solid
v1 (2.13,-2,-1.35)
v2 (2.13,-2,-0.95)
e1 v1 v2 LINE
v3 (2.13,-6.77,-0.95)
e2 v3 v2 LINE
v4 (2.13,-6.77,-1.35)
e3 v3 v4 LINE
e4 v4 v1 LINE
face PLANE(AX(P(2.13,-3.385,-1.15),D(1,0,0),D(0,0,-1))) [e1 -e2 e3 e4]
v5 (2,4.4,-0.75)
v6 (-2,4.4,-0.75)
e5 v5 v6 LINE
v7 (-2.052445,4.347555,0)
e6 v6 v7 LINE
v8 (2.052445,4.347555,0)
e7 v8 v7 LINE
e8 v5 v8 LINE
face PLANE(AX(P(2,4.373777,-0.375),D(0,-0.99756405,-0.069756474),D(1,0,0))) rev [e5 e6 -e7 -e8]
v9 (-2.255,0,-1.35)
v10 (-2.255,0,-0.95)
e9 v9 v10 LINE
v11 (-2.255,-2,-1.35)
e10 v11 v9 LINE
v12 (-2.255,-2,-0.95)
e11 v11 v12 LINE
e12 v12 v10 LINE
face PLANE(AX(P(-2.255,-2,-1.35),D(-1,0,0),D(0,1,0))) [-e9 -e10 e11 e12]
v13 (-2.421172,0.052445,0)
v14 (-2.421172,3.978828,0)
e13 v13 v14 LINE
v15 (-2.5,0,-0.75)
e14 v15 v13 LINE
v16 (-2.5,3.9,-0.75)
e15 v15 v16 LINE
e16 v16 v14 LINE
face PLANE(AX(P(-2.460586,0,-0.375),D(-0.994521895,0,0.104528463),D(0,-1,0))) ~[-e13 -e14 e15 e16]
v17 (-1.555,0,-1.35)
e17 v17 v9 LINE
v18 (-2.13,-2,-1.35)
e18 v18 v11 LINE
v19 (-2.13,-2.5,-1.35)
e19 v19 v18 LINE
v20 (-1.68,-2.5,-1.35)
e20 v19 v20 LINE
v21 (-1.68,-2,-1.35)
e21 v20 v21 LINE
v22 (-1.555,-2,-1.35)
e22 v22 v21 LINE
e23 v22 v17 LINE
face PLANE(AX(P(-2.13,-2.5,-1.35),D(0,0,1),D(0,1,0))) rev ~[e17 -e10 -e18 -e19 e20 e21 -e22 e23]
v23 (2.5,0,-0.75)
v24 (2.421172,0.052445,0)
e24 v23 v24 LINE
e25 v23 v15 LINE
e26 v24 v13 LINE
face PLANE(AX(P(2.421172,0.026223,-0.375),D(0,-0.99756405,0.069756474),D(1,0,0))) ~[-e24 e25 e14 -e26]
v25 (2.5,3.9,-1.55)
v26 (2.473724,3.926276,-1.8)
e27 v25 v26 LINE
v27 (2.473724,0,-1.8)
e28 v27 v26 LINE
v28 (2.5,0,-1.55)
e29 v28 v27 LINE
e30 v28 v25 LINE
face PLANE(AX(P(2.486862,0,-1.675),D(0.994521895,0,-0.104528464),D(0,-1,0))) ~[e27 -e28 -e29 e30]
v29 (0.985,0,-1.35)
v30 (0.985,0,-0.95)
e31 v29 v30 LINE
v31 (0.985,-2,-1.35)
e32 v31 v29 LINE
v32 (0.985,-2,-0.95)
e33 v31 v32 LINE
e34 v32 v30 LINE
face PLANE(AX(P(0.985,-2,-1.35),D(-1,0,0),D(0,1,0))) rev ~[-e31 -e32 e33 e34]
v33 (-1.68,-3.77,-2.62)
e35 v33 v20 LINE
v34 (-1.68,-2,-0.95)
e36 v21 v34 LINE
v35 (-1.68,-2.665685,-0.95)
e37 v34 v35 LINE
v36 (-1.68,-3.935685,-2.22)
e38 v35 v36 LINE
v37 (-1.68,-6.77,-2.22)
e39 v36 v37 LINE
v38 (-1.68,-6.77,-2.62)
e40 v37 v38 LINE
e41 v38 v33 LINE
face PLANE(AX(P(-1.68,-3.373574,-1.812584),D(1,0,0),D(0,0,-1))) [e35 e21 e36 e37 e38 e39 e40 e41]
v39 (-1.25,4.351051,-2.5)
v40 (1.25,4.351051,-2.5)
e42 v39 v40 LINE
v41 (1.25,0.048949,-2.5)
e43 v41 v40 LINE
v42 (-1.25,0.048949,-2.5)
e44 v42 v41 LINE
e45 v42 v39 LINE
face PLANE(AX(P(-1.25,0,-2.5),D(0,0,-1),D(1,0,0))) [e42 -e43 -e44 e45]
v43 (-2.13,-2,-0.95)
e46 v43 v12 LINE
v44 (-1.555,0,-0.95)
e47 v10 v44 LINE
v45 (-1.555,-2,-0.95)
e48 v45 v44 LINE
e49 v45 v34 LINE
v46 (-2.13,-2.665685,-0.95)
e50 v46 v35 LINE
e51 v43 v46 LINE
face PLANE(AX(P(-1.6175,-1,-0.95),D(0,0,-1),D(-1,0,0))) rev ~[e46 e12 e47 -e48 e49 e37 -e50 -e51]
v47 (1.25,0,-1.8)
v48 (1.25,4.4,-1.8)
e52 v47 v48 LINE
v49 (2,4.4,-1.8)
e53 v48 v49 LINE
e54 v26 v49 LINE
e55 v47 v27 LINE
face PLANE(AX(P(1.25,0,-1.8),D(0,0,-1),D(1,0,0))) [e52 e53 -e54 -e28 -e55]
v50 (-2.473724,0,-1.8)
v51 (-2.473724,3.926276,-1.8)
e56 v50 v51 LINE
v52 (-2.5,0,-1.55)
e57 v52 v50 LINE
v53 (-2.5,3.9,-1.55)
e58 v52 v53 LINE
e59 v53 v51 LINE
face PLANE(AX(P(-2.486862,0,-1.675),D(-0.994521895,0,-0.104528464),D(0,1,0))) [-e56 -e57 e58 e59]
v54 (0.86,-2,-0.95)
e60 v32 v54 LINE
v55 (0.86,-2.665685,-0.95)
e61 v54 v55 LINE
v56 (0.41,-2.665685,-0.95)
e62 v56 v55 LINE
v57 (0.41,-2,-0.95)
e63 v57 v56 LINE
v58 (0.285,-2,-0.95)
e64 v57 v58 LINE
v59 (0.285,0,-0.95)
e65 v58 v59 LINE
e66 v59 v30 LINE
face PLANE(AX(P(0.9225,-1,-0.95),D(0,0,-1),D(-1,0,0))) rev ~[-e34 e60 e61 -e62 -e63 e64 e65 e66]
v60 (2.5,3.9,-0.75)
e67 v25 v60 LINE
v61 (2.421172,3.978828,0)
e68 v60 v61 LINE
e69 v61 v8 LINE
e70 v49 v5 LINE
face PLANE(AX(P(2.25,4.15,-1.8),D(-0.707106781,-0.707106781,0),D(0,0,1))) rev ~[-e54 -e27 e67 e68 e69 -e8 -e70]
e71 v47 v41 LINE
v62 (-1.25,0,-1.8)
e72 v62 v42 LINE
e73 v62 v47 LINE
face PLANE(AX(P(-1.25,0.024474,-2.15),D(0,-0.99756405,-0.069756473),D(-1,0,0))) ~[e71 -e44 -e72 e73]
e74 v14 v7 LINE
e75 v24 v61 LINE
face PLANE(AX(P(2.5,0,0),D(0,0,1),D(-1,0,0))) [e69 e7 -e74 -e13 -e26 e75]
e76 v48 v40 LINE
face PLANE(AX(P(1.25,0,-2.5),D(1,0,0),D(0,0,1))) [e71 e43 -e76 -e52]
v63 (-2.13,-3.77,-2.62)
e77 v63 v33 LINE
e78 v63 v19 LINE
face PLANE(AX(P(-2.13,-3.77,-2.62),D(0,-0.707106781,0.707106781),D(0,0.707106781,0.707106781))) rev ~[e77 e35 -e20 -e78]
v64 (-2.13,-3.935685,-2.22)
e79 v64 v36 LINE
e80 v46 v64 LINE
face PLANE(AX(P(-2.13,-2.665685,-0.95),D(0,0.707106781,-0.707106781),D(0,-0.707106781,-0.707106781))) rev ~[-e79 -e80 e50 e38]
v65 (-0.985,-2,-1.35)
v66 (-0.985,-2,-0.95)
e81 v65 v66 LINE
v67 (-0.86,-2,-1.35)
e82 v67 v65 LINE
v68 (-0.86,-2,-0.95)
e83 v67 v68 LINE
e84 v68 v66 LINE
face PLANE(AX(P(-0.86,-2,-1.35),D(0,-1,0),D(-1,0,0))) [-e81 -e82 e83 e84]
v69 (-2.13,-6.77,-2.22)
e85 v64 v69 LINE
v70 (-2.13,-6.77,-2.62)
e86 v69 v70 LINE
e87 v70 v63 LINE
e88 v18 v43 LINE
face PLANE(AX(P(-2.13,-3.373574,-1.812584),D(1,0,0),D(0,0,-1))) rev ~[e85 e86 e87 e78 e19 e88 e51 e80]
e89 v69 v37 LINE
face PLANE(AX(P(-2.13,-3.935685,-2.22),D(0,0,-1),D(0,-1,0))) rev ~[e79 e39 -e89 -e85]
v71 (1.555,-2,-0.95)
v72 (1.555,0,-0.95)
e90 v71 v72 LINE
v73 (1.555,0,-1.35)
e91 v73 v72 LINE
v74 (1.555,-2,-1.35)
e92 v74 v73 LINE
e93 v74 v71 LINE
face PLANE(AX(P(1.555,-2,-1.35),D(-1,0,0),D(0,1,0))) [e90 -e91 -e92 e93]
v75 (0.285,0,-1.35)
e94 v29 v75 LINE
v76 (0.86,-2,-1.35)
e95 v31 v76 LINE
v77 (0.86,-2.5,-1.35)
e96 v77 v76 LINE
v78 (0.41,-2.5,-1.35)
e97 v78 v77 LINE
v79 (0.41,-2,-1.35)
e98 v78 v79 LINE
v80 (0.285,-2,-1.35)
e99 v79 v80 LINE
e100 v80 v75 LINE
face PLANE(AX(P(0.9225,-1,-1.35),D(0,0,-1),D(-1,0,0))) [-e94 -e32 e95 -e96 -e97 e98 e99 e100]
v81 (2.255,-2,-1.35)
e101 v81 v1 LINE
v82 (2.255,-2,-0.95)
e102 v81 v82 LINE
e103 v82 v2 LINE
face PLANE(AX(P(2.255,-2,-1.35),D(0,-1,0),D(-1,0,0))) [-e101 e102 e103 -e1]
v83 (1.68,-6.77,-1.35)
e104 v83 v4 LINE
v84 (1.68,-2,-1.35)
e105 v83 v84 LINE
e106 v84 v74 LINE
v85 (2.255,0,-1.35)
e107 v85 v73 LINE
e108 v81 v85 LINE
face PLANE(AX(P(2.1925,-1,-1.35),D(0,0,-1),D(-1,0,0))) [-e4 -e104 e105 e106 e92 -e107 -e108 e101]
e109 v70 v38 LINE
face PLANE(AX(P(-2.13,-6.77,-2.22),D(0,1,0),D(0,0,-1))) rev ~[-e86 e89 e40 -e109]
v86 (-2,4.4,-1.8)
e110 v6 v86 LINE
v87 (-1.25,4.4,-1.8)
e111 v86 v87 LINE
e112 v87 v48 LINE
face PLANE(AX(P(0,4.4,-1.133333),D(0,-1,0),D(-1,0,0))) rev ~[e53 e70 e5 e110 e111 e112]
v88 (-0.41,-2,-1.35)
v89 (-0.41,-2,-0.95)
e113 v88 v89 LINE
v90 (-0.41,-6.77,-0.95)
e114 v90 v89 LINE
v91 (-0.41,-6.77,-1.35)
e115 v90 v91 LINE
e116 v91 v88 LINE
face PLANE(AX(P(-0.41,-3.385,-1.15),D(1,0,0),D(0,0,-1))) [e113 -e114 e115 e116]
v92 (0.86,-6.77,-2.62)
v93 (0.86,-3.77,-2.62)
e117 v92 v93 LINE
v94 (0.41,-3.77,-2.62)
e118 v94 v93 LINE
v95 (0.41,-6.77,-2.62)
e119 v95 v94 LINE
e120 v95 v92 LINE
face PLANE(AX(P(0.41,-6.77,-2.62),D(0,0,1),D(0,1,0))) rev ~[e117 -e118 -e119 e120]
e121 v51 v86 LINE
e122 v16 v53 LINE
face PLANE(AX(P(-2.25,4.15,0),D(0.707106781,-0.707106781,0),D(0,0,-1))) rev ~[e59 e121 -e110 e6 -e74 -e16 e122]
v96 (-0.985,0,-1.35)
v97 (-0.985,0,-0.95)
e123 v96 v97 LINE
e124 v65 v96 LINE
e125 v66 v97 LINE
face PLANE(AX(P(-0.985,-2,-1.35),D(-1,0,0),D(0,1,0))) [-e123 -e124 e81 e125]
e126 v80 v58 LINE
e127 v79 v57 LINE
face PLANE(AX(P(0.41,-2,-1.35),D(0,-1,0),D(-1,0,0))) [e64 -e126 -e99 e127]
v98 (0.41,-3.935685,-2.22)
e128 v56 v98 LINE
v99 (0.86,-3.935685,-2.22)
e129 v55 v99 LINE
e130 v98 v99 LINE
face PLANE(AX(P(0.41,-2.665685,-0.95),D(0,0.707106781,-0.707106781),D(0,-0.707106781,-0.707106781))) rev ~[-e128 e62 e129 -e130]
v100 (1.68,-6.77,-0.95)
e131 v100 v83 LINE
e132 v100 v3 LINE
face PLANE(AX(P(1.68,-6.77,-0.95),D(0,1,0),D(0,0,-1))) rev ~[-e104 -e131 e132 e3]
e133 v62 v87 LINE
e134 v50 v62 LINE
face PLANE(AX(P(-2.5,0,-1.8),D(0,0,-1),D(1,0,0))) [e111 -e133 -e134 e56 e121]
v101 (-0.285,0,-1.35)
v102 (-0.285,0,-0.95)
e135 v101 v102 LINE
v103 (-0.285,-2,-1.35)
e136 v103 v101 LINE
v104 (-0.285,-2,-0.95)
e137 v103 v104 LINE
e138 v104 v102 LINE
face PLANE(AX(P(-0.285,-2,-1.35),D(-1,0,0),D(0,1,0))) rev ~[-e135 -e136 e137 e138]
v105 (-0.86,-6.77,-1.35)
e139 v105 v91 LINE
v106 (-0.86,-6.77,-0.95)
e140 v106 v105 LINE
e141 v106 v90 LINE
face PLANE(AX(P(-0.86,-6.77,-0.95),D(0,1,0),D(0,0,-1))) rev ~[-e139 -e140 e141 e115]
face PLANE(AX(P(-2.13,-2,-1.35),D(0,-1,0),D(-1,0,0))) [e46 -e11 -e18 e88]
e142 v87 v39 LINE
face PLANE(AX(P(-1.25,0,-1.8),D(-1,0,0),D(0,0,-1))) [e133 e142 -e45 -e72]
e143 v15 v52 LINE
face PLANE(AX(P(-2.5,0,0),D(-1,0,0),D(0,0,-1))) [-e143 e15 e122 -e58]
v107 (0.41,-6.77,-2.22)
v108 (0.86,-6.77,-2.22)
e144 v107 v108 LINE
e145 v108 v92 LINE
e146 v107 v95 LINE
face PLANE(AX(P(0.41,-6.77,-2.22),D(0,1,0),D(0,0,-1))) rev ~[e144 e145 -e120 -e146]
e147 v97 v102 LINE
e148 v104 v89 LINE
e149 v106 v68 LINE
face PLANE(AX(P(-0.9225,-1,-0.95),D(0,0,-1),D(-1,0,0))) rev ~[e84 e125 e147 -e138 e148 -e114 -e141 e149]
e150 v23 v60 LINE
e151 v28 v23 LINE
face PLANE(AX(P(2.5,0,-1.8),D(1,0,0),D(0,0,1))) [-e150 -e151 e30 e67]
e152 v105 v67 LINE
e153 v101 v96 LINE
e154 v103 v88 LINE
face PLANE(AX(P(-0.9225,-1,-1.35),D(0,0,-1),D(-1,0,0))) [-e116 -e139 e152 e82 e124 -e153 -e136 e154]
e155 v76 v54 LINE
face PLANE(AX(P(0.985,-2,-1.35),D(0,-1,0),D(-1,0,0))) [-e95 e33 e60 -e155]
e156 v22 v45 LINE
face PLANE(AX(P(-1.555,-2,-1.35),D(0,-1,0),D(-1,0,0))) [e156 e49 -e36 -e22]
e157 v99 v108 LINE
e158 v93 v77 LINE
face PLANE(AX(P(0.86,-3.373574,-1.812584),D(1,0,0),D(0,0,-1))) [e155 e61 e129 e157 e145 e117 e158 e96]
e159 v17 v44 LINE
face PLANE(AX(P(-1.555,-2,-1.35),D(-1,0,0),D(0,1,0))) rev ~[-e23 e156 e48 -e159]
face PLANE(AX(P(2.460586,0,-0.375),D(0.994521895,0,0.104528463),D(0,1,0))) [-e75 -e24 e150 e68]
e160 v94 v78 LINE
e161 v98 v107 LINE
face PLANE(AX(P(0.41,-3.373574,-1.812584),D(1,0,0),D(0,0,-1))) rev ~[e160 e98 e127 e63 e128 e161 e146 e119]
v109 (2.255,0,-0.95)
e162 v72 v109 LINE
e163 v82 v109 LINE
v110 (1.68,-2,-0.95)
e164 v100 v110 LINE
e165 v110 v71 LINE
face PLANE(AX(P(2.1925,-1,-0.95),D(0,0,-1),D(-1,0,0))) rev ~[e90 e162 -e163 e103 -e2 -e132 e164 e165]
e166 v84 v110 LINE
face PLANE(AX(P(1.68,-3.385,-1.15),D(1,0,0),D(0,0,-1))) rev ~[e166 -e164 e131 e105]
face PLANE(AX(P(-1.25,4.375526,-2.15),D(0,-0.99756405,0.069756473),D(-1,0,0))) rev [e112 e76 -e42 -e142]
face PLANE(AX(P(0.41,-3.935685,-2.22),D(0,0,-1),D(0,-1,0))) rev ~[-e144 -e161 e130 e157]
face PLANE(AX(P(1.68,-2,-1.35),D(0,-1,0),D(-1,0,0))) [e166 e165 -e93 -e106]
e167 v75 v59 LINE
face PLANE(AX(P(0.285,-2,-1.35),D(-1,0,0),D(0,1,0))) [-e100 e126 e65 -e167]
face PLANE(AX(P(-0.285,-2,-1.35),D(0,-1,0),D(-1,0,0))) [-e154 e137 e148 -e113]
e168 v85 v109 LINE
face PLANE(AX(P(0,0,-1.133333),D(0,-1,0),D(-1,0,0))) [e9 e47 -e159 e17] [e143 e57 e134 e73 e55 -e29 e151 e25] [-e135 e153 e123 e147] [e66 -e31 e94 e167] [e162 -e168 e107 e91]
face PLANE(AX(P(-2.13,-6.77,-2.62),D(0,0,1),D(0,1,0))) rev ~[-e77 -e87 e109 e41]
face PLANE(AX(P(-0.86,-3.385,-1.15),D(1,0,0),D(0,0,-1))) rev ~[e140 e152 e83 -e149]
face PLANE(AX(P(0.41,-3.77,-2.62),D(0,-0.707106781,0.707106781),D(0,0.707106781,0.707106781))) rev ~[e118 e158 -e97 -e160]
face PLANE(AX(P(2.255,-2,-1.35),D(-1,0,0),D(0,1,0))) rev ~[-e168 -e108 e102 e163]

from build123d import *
from OCP.BRepFilletAPI import BRepFilletAPI_MakeChamfer

# Parameters (mm, degrees)
BOSS_EXTRUDE1_DEPTH = 4.4
CHAMFER5_SIZE       = 0.5
CHAMFER1_SIZE       = 0.25
CHAMFER1_SIZE2      = 0.026276059
CHAMFER2_SIZE       = 0.75
CHAMFER2_SIZE2      = 0.078828176
CHAMFER3_SIZE       = 0.75
CHAMFER3_SIZE2      = 0.052445109
CHAMFER4_SIZE       = 0.7
CHAMFER4_SIZE2      = 0.048948768
BOSS_EXTRUDE2_START = 0.41
BOSS_EXTRUDE2_DEPTH = 0.45
BOSS_EXTRUDE3_START = 1.68
SKETCH5_W           = 0.4
SKETCH5_H           = 6.77
BOSS_EXTRUDE3_DEPTH = 0.45
LPATTERN1_COUNT     = 2
LPATTERN1_PITCH     = 2.54
SKETCH6_W           = 0.125
SKETCH6_H           = 2
BOSS_EXTRUDE4_DEPTH = 0.4
LPATTERN2_COUNT     = 4
LPATTERN2_PITCH     = 1.27


with BuildPart() as part:
    # Sketch1 → Boss-Extrude1 (new body)
    with BuildSketch(Plane(origin=(0, 0, 0), x_dir=(1, 0, 0), z_dir=(0, 1, 0))):
        Polygon((-2.5, 0), (-2.5, 1.8), (-1.25, 1.8), (-1.25, 2.5), (1.25, 2.5), (1.25, 1.8), (2.5, 1.8), (2.5, 0), align=None)
    extrude(amount=BOSS_EXTRUDE1_DEPTH)

    # Chamfer5
    chamfer5_edges = [part.edges().sort_by_distance(p)[0] for p in [
        (-2.5, 4.4, -0.9),
        (2.5, 4.4, -0.9),
    ]]
    chamfer(chamfer5_edges, length=CHAMFER5_SIZE)

    # Chamfer1: one chamfer whose edges measure the first distance from different faces: ONE call of the kernel's chamfer builder (chamfer() names one face for all edges)
    chamfer1_edges_1 = [part.edges().sort_by_distance(p)[0] for p in [
        (2.5, 1.95, -1.8),
    ]]
    chamfer1_side_1 = [part.faces().sort_by_distance(p)[0] for p in [
        (2.5, 1.95, -0.9),
    ]]
    chamfer1_edges_2 = [part.edges().sort_by_distance(p)[0] for p in [
        (-2.5, 1.95, -1.8),
    ]]
    chamfer1_side_2 = [part.faces().sort_by_distance(p)[0] for p in [
        (-2.5, 1.95, -0.9),
    ]]
    chamfer1 = BRepFilletAPI_MakeChamfer(part.part.solid().wrapped)
    for e in chamfer1_edges_1:
        chamfer1.Add(CHAMFER1_SIZE, CHAMFER1_SIZE2, e.wrapped, chamfer1_side_1[0].wrapped)  # the first distance lies on this face
    for e in chamfer1_edges_2:
        chamfer1.Add(CHAMFER1_SIZE, CHAMFER1_SIZE2, e.wrapped, chamfer1_side_2[0].wrapped)  # the first distance lies on this face
    add(Compound.cast(chamfer1.Shape()), mode=Mode.REPLACE)

    # Chamfer2: one chamfer whose edges measure the first distance from different faces: ONE call of the kernel's chamfer builder (chamfer() names one face for all edges)
    chamfer2_edges_1 = [part.edges().sort_by_distance(p)[0] for p in [
        (2.5, 1.95, 0),
    ]]
    chamfer2_side_1 = [part.faces().sort_by_distance(p)[0] for p in [
        (2.5, 1.95, -0.775),
    ]]
    chamfer2_edges_2 = [part.edges().sort_by_distance(p)[0] for p in [
        (-2.5, 1.95, 0),
    ]]
    chamfer2_side_2 = [part.faces().sort_by_distance(p)[0] for p in [
        (-2.5, 1.95, -0.775),
    ]]
    chamfer2 = BRepFilletAPI_MakeChamfer(part.part.solid().wrapped)
    for e in chamfer2_edges_1:
        chamfer2.Add(CHAMFER2_SIZE, CHAMFER2_SIZE2, e.wrapped, chamfer2_side_1[0].wrapped)  # the first distance lies on this face
    for e in chamfer2_edges_2:
        chamfer2.Add(CHAMFER2_SIZE, CHAMFER2_SIZE2, e.wrapped, chamfer2_side_2[0].wrapped)  # the first distance lies on this face
    add(Compound.cast(chamfer2.Shape()), mode=Mode.REPLACE)

    # Chamfer3: one chamfer whose edges measure the first distance from different faces: ONE call of the kernel's chamfer builder (chamfer() names one face for all edges)
    chamfer3_edges_1 = [part.edges().sort_by_distance(p)[0] for p in [
        (0, 4.4, 0),
    ]]
    chamfer3_side_1 = [part.faces().sort_by_distance(p)[0] for p in [
        (0, 4.4, -1.144413408),
    ]]
    chamfer3_edges_2 = [part.edges().sort_by_distance(p)[0] for p in [
        (0, 0, 0),
    ]]
    chamfer3_side_2 = [part.faces().sort_by_distance(p)[0] for p in [
        (0, 0, -1.107834111),
    ]]
    chamfer3 = BRepFilletAPI_MakeChamfer(part.part.solid().wrapped)
    for e in chamfer3_edges_1:
        chamfer3.Add(CHAMFER3_SIZE, CHAMFER3_SIZE2, e.wrapped, chamfer3_side_1[0].wrapped)  # the first distance lies on this face
    for e in chamfer3_edges_2:
        chamfer3.Add(CHAMFER3_SIZE, CHAMFER3_SIZE2, e.wrapped, chamfer3_side_2[0].wrapped)  # the first distance lies on this face
    add(Compound.cast(chamfer3.Shape()), mode=Mode.REPLACE)

    # Chamfer4: one chamfer whose edges measure the first distance from different faces: ONE call of the kernel's chamfer builder (chamfer() names one face for all edges)
    chamfer4_edges_1 = [part.edges().sort_by_distance(p)[0] for p in [
        (0, 0, -2.5),
    ]]
    chamfer4_side_1 = [part.faces().sort_by_distance(p)[0] for p in [
        (0, 0, -1.493540612),
    ]]
    chamfer4_edges_2 = [part.edges().sort_by_distance(p)[0] for p in [
        (0, 4.4, -2.5),
    ]]
    chamfer4_side_2 = [part.faces().sort_by_distance(p)[0] for p in [
        (0, 4.4, -1.532352941),
    ]]
    chamfer4 = BRepFilletAPI_MakeChamfer(part.part.solid().wrapped)
    for e in chamfer4_edges_1:
        chamfer4.Add(CHAMFER4_SIZE, CHAMFER4_SIZE2, e.wrapped, chamfer4_side_1[0].wrapped)  # the first distance lies on this face
    for e in chamfer4_edges_2:
        chamfer4.Add(CHAMFER4_SIZE, CHAMFER4_SIZE2, e.wrapped, chamfer4_side_2[0].wrapped)  # the first distance lies on this face
    add(Compound.cast(chamfer4.Shape()), mode=Mode.REPLACE)

    # Sketch4 → Boss-Extrude2 (add)
    with BuildSketch(Plane(origin=(0, 0, 0), x_dir=(0, 0, -1), z_dir=(1, 0, 0)).offset(BOSS_EXTRUDE2_START)):
        Polygon((0.95, 0), (0.95, -2.665685425), (2.22, -3.935685425), (2.22, -6.77), (2.62, -6.77), (2.62, -3.77), (1.35, -2.5), (1.35, 0), align=None)
    boss_extrude2 = extrude(amount=BOSS_EXTRUDE2_DEPTH)

    # Sketch5 → Boss-Extrude3 (add)
    with BuildSketch(Plane(origin=(0, 0, 0), x_dir=(0, 0, -1), z_dir=(1, 0, 0)).offset(BOSS_EXTRUDE3_START)):
        with Locations((1.15, -3.385)):
            Rectangle(SKETCH5_W, SKETCH5_H)
    boss_extrude3 = extrude(amount=BOSS_EXTRUDE3_DEPTH)

    # LPattern1: Boss-Extrude2, Boss-Extrude3 ×2
    with Locations(*[(-i * LPATTERN1_PITCH, 0, 0) for i in range(1, LPATTERN1_COUNT)]):
        add(boss_extrude2)
        add(boss_extrude3)

    # Sketch6 → Boss-Extrude4 (add)
    with BuildSketch(Plane(origin=(0, 0, -1.35), x_dir=(-1, 0, 0), z_dir=(0, 0, -1))):
        with Locations((-2.1925, -1)):
            Rectangle(SKETCH6_W, SKETCH6_H)
        with Locations((-1.6175, -1)):
            Rectangle(SKETCH6_W, SKETCH6_H)
    boss_extrude4 = extrude(amount=-BOSS_EXTRUDE4_DEPTH)

    # LPattern2: Boss-Extrude4 ×4
    with Locations(*[(-i * LPATTERN2_PITCH, 0, 0) for i in range(1, LPATTERN2_COUNT)]):
        add(boss_extrude4)


solid = part.part
